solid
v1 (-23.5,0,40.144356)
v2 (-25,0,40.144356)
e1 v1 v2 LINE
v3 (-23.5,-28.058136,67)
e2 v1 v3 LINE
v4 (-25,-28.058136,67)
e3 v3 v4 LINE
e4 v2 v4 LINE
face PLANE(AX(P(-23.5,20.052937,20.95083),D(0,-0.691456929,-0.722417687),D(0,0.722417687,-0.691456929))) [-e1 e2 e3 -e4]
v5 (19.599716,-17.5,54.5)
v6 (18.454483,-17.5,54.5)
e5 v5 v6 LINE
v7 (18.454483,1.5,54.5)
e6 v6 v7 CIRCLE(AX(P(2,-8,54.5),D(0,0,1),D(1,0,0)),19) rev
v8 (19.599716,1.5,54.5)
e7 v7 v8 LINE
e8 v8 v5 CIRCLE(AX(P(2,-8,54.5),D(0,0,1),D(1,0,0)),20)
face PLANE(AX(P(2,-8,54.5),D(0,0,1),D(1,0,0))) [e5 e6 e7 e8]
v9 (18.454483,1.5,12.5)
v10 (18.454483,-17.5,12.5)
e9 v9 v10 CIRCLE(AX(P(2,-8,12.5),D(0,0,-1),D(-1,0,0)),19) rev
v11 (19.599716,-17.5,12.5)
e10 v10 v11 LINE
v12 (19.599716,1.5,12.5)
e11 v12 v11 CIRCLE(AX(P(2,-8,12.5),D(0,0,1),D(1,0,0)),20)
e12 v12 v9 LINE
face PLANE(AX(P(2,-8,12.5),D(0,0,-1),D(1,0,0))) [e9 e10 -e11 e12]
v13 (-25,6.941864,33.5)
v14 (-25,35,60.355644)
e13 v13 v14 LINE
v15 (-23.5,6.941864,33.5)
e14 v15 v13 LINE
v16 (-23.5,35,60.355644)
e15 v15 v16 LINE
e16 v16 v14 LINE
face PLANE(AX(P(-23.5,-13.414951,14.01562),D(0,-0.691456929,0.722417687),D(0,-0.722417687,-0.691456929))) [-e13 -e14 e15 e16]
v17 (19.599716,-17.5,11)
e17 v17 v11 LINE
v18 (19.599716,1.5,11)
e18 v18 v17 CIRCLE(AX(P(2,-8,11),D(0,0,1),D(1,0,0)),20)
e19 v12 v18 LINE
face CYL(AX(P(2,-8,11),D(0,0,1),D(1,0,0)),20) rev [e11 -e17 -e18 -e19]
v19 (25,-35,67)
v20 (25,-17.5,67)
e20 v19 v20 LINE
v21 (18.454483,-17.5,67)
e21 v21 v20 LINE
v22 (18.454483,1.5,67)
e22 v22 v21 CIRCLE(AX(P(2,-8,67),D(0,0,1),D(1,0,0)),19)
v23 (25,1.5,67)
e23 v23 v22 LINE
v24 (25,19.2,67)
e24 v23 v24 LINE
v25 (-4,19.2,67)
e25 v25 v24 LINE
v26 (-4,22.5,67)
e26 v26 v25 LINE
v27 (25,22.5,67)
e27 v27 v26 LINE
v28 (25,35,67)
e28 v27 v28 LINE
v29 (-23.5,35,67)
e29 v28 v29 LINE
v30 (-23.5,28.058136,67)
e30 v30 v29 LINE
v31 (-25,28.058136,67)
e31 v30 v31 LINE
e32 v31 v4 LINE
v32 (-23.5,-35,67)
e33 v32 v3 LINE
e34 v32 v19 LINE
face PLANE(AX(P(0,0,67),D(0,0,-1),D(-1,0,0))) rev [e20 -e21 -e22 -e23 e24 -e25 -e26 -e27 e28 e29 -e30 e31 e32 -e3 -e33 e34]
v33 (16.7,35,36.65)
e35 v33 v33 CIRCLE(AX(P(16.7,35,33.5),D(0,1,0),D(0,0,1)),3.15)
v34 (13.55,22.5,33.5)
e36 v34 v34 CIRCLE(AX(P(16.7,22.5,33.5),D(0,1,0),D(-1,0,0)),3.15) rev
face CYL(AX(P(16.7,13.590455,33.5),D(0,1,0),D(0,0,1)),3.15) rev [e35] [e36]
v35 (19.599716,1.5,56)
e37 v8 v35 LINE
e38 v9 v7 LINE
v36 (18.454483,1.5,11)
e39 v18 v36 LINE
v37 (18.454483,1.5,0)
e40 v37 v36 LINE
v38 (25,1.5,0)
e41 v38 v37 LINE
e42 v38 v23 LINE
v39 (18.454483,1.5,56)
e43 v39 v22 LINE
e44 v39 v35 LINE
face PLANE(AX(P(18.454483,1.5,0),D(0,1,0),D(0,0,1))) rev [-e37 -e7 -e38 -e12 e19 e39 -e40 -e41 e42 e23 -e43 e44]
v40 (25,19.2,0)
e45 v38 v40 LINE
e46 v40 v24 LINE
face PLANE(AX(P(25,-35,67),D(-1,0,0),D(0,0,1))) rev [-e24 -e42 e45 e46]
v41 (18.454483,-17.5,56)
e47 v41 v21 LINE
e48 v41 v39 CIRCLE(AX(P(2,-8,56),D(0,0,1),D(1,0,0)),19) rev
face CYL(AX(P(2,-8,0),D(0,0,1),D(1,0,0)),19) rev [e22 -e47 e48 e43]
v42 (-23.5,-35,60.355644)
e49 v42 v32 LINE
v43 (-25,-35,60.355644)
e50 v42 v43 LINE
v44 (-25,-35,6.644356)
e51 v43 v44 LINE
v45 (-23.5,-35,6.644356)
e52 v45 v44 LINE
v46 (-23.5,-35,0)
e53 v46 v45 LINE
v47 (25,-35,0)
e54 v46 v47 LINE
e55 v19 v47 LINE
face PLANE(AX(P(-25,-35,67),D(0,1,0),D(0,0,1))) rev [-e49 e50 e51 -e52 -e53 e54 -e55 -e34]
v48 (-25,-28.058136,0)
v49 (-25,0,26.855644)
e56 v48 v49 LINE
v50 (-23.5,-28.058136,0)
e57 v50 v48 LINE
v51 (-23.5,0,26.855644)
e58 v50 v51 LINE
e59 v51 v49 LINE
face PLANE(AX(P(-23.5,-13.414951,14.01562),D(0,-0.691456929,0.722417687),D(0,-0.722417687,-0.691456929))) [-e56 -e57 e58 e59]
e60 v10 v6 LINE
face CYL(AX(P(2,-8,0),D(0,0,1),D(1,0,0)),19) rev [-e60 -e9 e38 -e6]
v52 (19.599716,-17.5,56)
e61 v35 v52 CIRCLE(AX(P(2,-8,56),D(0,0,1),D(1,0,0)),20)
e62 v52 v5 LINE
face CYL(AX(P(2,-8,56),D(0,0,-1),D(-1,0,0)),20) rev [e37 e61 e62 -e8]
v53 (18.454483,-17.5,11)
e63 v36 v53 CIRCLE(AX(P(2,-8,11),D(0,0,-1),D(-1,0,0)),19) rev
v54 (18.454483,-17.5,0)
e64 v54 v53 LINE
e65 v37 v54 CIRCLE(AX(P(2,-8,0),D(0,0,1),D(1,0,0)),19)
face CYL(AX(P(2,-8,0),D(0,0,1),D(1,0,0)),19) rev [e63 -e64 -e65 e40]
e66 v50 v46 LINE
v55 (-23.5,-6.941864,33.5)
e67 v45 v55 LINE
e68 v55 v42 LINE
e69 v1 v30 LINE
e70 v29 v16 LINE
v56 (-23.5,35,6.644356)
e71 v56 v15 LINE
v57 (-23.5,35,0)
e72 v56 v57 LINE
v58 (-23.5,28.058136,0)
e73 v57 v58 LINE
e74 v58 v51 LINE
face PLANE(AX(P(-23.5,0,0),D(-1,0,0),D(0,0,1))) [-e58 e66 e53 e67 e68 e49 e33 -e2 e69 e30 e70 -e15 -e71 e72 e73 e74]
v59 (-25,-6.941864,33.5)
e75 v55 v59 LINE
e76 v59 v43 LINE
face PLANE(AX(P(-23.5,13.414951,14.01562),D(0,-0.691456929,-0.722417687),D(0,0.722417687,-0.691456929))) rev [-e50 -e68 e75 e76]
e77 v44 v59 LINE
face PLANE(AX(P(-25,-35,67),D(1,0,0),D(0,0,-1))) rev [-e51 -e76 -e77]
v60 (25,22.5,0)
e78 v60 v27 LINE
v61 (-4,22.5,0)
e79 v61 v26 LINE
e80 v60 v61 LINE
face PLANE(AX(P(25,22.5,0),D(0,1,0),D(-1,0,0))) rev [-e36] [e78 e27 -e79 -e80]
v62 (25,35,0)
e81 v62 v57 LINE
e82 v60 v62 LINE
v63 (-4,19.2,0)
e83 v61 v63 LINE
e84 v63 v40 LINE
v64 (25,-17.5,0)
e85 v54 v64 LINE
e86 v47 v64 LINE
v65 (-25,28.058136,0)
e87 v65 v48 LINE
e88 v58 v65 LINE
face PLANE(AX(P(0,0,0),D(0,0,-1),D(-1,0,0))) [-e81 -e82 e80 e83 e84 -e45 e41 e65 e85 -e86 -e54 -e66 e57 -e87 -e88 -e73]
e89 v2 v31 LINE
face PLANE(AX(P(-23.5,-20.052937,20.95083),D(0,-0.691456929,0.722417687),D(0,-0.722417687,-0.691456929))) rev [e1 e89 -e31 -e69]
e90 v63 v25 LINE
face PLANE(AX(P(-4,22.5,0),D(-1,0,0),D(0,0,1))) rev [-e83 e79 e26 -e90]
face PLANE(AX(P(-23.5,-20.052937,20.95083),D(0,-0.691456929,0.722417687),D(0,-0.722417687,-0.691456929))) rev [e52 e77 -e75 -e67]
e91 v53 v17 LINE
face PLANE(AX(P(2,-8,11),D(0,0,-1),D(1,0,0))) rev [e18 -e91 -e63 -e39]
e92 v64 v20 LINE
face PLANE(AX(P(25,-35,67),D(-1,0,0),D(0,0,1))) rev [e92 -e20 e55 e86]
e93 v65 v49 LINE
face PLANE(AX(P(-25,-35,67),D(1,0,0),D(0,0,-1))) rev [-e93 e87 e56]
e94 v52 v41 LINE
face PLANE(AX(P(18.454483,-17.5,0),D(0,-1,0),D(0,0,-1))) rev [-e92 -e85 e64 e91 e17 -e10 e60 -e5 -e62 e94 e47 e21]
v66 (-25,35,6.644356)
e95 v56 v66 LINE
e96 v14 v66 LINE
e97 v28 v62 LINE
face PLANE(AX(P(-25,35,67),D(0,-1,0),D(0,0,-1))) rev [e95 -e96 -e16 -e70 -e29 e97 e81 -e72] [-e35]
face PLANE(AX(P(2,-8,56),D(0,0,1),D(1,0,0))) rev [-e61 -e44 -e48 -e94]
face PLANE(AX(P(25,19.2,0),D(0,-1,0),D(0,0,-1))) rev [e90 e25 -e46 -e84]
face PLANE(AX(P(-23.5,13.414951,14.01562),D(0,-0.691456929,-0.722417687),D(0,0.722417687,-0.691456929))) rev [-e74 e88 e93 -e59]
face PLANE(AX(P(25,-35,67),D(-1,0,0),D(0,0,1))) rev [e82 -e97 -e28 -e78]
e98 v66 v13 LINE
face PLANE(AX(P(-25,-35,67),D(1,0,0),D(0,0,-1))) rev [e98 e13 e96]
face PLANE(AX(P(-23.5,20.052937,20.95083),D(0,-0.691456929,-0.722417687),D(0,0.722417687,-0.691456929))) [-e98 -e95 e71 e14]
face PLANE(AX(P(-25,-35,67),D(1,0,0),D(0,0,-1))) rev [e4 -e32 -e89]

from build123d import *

# Parameters (mm, degrees)
SKETCH11_W          = 50
SKETCH11_H          = 70
BOSS_EXTRUDE4_DEPTH = 67
SKETCH12_W          = 29
SKETCH12_H          = 3.3
CUT_EXTRUDE7_DEPTH  = 68
CUT_EXTRUDE8_DEPTH  = 1.5
SKETCH14_R          = 3.15
CUT_EXTRUDE9_DEPTH  = 12.5
SKETCH15_R          = 20
CUT_EXTRUDE11_DEPTH = 1.5


with BuildPart() as part:
    # Sketch11 → Boss-Extrude4 (new body)
    with BuildSketch(Plane.XY):
        Rectangle(SKETCH11_W, SKETCH11_H)
    extrude(amount=BOSS_EXTRUDE4_DEPTH)

    # Sketch12 → Cut-Extrude7 (cut, through all)
    with BuildSketch(Plane.XY.offset(67)):
        with Locations((10.5, 20.85)):
            Rectangle(SKETCH12_W, SKETCH12_H)
        with BuildLine():
            Line((18.454482672, -17.5), (25, -17.5))
            Line((25, -17.5), (25, 1.5))
            Line((25, 1.5), (18.454482672, 1.5))
            ThreePointArc((18.454482672, 1.5), (-17, -8), (18.454482672, -17.5))
        make_face()
    extrude(amount=-CUT_EXTRUDE7_DEPTH, mode=Mode.SUBTRACT)

    # Sketch13 → Cut-Extrude8 (cut)
    with BuildSketch(Plane.ZY.offset(25)):
        Polygon((0, 35), (0, 28.058135949), (26.855644409, 0), (0, -28.058135949), (0, -35), (6.644355591, -35), (33.5, -6.941864051), (60.355644409, -35), (67, -35), (67, -28.058135949), (40.144355591, 0), (67, 28.058135949), (67, 35), (60.355644409, 35), (33.5, 6.941864051), (6.644355591, 35), align=None)
    extrude(amount=-CUT_EXTRUDE8_DEPTH, mode=Mode.SUBTRACT)

    # Sketch14 → Cut-Extrude9 (cut)
    with BuildSketch(Plane(origin=(0, 35, 0), x_dir=(1, 0, 0), z_dir=(0, 1, 0))):
        with Locations((16.7, -33.5)):
            Circle(SKETCH14_R)
    extrude(amount=-CUT_EXTRUDE9_DEPTH, mode=Mode.SUBTRACT)

    # Sketch15 → Cut-Extrude11 (cut)
    with BuildSketch(Plane.XY.offset(54.5)):
        with Locations((2, -8)):
            Circle(SKETCH15_R)
    cut_extrude11 = extrude(amount=CUT_EXTRUDE11_DEPTH, mode=Mode.SUBTRACT)

    # Mirror4: Cut-Extrude11 across plane
    add(cut_extrude11.mirror(Plane.XY.offset(33.5)), mode=Mode.SUBTRACT)


solid = part.part
